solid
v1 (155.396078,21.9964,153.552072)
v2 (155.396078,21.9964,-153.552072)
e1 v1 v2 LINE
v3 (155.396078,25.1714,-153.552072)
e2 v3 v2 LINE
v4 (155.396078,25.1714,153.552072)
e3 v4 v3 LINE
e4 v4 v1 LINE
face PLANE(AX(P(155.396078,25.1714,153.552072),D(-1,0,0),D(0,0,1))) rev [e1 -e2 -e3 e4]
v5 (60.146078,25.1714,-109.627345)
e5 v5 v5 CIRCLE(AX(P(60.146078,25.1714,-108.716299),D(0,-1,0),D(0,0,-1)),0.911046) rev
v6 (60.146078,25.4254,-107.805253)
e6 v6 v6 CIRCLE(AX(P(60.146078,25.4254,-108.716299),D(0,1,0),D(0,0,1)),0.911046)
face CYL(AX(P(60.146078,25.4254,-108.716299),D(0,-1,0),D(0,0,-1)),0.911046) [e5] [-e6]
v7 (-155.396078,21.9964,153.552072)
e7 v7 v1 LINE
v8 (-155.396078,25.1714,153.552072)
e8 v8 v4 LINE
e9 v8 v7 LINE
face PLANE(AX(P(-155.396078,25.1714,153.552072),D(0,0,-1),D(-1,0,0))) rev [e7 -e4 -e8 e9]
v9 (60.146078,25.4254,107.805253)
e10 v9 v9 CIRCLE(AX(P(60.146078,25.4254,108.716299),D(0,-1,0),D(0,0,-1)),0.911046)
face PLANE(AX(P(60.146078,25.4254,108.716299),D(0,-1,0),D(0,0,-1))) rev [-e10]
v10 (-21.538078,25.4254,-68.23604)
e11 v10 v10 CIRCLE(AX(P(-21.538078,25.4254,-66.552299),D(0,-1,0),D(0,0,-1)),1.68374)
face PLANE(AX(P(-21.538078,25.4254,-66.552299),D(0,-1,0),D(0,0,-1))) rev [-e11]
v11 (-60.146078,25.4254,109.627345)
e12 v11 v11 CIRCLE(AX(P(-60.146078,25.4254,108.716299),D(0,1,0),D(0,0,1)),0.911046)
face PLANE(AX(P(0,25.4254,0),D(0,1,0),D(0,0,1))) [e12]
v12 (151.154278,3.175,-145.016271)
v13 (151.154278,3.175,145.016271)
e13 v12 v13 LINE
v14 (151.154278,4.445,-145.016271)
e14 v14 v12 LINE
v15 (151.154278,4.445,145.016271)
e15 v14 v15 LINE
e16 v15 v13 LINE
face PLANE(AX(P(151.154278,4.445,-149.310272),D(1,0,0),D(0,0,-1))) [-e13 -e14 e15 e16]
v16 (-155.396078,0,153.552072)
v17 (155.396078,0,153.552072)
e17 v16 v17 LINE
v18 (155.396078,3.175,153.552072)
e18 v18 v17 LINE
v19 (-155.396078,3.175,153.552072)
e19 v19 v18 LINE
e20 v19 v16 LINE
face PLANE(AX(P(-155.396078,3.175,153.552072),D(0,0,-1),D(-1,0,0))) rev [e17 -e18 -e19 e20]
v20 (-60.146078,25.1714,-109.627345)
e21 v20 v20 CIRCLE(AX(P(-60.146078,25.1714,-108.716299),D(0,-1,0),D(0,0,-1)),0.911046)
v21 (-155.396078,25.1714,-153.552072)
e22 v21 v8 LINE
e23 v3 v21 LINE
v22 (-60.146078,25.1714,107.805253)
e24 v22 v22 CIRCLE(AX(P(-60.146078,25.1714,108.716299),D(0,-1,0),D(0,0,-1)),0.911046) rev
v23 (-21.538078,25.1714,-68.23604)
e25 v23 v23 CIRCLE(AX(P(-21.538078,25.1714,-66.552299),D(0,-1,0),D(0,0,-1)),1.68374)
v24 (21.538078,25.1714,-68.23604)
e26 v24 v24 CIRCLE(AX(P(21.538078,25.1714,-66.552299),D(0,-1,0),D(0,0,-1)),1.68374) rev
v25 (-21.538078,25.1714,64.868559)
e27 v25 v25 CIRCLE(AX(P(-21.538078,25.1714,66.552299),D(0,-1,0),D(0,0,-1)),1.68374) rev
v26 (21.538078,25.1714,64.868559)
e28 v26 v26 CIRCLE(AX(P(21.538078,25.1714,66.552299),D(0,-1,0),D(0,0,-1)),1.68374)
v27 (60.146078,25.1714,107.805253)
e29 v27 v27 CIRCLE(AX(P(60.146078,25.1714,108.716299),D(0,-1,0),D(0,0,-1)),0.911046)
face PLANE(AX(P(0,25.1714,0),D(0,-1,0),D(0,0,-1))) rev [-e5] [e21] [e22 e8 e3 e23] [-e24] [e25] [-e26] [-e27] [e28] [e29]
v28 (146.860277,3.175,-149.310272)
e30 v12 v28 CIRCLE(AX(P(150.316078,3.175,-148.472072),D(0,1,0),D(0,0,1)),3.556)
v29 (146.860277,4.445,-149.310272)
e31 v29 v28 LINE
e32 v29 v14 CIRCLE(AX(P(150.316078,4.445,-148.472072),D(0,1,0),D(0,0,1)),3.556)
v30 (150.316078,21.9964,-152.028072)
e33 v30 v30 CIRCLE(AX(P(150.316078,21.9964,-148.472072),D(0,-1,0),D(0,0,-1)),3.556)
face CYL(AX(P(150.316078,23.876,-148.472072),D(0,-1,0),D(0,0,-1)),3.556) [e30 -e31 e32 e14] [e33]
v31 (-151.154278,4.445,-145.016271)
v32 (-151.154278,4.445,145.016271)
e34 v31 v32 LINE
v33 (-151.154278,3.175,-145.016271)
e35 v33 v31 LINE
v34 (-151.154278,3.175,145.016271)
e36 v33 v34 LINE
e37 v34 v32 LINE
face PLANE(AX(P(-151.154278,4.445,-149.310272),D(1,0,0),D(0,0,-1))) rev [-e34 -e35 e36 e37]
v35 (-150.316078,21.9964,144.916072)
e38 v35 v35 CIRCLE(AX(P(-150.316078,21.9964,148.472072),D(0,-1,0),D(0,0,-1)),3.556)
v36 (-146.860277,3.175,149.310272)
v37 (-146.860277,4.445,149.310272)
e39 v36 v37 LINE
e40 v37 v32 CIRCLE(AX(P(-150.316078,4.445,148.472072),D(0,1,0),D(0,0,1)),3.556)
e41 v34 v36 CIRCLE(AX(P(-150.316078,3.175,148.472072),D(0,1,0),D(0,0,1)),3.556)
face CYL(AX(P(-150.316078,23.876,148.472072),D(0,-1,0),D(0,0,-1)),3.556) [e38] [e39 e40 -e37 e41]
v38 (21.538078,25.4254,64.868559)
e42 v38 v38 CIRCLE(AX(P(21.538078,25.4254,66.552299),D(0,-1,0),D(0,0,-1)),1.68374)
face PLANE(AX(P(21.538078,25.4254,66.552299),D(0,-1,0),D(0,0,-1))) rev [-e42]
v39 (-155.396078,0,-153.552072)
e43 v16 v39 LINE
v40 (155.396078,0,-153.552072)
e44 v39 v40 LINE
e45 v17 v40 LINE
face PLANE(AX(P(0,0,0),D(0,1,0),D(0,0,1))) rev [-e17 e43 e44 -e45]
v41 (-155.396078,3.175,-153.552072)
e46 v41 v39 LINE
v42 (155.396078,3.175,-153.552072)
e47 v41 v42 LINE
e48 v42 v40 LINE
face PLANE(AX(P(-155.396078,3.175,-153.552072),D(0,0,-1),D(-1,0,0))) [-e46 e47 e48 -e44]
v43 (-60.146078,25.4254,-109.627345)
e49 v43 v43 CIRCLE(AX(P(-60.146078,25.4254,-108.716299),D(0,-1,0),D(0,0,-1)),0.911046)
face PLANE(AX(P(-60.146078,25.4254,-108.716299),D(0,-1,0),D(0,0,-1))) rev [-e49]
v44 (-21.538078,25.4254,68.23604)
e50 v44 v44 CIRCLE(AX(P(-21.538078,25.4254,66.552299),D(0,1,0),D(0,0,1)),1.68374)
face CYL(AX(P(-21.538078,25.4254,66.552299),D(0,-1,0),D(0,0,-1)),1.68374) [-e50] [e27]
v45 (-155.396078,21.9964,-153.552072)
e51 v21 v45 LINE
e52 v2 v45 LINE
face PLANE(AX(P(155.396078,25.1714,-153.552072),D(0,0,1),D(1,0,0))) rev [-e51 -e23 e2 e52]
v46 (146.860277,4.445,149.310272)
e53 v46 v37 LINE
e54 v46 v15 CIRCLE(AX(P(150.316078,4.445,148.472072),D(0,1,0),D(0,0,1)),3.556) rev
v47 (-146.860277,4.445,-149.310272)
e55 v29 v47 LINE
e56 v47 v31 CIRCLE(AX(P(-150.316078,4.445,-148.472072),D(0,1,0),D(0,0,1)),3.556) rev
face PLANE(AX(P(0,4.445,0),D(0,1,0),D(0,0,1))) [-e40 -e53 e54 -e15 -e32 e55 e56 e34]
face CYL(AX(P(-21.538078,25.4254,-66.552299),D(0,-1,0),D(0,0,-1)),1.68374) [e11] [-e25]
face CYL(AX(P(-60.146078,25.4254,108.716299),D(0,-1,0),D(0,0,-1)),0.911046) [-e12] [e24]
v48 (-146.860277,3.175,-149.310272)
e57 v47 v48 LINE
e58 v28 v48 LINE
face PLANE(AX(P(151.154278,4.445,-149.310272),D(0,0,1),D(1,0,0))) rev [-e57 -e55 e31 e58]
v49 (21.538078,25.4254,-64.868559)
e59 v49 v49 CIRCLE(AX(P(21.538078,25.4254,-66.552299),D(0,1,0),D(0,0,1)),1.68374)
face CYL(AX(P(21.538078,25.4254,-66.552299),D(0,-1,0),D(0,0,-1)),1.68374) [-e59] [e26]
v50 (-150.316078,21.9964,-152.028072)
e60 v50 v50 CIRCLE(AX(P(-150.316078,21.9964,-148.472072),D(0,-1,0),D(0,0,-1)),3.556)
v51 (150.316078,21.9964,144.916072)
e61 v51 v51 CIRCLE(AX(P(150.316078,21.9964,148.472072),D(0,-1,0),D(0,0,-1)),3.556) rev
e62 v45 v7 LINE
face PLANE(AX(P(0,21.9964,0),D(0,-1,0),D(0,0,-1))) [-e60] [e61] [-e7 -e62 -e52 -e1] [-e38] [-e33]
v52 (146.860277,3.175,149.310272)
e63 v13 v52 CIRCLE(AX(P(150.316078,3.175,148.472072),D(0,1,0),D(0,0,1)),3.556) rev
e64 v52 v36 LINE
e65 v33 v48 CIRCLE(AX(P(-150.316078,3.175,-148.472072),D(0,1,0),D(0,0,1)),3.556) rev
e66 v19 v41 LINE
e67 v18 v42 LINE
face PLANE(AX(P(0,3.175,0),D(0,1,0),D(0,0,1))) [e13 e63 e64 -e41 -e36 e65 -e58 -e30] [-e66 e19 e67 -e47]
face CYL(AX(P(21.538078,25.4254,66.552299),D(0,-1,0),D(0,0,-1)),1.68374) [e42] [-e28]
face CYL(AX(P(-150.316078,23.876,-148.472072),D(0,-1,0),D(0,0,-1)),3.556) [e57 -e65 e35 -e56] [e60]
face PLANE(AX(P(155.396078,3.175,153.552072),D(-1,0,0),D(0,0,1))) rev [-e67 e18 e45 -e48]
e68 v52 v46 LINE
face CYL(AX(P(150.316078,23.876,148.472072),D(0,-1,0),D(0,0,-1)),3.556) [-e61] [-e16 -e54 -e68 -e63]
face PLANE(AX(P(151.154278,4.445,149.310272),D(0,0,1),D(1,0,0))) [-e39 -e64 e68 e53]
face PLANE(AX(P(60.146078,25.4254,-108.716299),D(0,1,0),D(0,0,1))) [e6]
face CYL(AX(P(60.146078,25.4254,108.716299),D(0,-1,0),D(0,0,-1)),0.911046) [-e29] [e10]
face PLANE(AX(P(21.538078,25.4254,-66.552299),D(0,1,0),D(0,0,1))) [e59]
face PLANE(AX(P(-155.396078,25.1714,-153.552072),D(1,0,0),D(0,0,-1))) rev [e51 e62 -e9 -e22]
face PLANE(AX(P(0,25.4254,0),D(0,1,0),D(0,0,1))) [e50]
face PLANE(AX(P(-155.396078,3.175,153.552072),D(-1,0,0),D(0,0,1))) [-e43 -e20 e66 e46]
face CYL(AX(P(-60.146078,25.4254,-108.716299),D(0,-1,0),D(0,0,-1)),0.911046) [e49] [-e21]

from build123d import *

# Parameters (mm, degrees)
SKETCH1_W           = 310.792155558
SKETCH1_H           = 307.10414309
BOSS_EXTRUDE1_DEPTH = 3.175
SKETCH2_W           = 302.308555558
SKETCH2_H           = 298.62054309
BOSS_EXTRUDE2_DEPTH = 1.27
BOSS_EXTRUDE4_DEPTH = 3.175
SKETCH6_R           = 0.911045746
SKETCH6_R_2         = 1.683740392
BOSS_EXTRUDE7_DEPTH = 0.254
SKETCH7_R           = 3.556
BOSS_EXTRUDE8_DEPTH = 23.876


with BuildPart() as part:
    # Sketch1 → Boss-Extrude1 (new body)
    with BuildSketch(Plane(origin=(0, 0, 0), x_dir=(1, 0, 0), z_dir=(0, 1, 0))):
        Rectangle(SKETCH1_W, SKETCH1_H)
    extrude(amount=BOSS_EXTRUDE1_DEPTH)

    # Sketch2 → Boss-Extrude2 (add)
    with BuildSketch(Plane(origin=(0, 3.175, 0), x_dir=(1, 0, 0), z_dir=(0, 1, 0))):
        Rectangle(SKETCH2_W, SKETCH2_H)
    extrude(amount=BOSS_EXTRUDE2_DEPTH)



with BuildPart() as body_2:
    # 3DSketch1 → Boss-Extrude4 (new body)
    with BuildSketch(Plane(origin=(-155.396077779, 25.1714, -153.552071545), x_dir=(0.7113145904869971, 0, 0.7028737819554204), z_dir=(0, -1, 0))):
        Polygon((0, 0), (215.855450508, 218.447657779), (436.926445365, 0), (221.070994857, -218.447657779), align=None)
    extrude(amount=BOSS_EXTRUDE4_DEPTH)

    # Sketch6 → Boss-Extrude7 (add)
    with BuildSketch(Plane(origin=(0, 25.1714, 0), x_dir=(1, 0, 0), z_dir=(0, 1, 0))):
        with Locations(Location((-60.146077779, -108.71629912, 0), (0, 0, 90))):
            Circle(SKETCH6_R)
        with Locations(Location((-21.538077779, -66.55229912, 0), (0, 0, 90))):
            Circle(SKETCH6_R_2)
        with Locations(Location((-60.146077779, 108.71629912, 0), (0, 0, 90))):
            Circle(SKETCH6_R)
        with Locations(Location((-21.538077779, 66.55229912, 0), (0, 0, 90))):
            Circle(SKETCH6_R_2)
        with Locations(Location((21.538077779, 66.55229912, 0), (0, 0, 90))):
            Circle(SKETCH6_R_2)
        with Locations(Location((60.146077779, 108.71629912, 0), (0, 0, 90))):
            Circle(SKETCH6_R)
        with Locations(Location((21.538077779, -66.55229912, 0), (0, 0, 90))):
            Circle(SKETCH6_R_2)
        with Locations(Location((60.146077779, -108.71629912, 0), (0, 0, 90))):
            Circle(SKETCH6_R)
    extrude(amount=BOSS_EXTRUDE7_DEPTH)


with BuildPart() as part_1:
    add(part.part)

    add(body_2.part)  # Boss-Extrude8 merges body 2
    # Sketch7 → Boss-Extrude8 (add)
    with BuildSketch(Plane.XZ):
        with Locations(Location((-150.316077779, 148.472071545, 0), (0, 0, 270))):
            Circle(SKETCH7_R)
        with Locations(Location((150.316077779, 148.472071545, 0), (0, 0, 270))):
            Circle(SKETCH7_R)
        with Locations(Location((150.316077779, -148.472071545, 0), (0, 0, 270))):
            Circle(SKETCH7_R)
        with Locations(Location((-150.316077779, -148.472071545, 0), (0, 0, 270))):
            Circle(SKETCH7_R)
    extrude(amount=-BOSS_EXTRUDE8_DEPTH)


solid = part_1.part
